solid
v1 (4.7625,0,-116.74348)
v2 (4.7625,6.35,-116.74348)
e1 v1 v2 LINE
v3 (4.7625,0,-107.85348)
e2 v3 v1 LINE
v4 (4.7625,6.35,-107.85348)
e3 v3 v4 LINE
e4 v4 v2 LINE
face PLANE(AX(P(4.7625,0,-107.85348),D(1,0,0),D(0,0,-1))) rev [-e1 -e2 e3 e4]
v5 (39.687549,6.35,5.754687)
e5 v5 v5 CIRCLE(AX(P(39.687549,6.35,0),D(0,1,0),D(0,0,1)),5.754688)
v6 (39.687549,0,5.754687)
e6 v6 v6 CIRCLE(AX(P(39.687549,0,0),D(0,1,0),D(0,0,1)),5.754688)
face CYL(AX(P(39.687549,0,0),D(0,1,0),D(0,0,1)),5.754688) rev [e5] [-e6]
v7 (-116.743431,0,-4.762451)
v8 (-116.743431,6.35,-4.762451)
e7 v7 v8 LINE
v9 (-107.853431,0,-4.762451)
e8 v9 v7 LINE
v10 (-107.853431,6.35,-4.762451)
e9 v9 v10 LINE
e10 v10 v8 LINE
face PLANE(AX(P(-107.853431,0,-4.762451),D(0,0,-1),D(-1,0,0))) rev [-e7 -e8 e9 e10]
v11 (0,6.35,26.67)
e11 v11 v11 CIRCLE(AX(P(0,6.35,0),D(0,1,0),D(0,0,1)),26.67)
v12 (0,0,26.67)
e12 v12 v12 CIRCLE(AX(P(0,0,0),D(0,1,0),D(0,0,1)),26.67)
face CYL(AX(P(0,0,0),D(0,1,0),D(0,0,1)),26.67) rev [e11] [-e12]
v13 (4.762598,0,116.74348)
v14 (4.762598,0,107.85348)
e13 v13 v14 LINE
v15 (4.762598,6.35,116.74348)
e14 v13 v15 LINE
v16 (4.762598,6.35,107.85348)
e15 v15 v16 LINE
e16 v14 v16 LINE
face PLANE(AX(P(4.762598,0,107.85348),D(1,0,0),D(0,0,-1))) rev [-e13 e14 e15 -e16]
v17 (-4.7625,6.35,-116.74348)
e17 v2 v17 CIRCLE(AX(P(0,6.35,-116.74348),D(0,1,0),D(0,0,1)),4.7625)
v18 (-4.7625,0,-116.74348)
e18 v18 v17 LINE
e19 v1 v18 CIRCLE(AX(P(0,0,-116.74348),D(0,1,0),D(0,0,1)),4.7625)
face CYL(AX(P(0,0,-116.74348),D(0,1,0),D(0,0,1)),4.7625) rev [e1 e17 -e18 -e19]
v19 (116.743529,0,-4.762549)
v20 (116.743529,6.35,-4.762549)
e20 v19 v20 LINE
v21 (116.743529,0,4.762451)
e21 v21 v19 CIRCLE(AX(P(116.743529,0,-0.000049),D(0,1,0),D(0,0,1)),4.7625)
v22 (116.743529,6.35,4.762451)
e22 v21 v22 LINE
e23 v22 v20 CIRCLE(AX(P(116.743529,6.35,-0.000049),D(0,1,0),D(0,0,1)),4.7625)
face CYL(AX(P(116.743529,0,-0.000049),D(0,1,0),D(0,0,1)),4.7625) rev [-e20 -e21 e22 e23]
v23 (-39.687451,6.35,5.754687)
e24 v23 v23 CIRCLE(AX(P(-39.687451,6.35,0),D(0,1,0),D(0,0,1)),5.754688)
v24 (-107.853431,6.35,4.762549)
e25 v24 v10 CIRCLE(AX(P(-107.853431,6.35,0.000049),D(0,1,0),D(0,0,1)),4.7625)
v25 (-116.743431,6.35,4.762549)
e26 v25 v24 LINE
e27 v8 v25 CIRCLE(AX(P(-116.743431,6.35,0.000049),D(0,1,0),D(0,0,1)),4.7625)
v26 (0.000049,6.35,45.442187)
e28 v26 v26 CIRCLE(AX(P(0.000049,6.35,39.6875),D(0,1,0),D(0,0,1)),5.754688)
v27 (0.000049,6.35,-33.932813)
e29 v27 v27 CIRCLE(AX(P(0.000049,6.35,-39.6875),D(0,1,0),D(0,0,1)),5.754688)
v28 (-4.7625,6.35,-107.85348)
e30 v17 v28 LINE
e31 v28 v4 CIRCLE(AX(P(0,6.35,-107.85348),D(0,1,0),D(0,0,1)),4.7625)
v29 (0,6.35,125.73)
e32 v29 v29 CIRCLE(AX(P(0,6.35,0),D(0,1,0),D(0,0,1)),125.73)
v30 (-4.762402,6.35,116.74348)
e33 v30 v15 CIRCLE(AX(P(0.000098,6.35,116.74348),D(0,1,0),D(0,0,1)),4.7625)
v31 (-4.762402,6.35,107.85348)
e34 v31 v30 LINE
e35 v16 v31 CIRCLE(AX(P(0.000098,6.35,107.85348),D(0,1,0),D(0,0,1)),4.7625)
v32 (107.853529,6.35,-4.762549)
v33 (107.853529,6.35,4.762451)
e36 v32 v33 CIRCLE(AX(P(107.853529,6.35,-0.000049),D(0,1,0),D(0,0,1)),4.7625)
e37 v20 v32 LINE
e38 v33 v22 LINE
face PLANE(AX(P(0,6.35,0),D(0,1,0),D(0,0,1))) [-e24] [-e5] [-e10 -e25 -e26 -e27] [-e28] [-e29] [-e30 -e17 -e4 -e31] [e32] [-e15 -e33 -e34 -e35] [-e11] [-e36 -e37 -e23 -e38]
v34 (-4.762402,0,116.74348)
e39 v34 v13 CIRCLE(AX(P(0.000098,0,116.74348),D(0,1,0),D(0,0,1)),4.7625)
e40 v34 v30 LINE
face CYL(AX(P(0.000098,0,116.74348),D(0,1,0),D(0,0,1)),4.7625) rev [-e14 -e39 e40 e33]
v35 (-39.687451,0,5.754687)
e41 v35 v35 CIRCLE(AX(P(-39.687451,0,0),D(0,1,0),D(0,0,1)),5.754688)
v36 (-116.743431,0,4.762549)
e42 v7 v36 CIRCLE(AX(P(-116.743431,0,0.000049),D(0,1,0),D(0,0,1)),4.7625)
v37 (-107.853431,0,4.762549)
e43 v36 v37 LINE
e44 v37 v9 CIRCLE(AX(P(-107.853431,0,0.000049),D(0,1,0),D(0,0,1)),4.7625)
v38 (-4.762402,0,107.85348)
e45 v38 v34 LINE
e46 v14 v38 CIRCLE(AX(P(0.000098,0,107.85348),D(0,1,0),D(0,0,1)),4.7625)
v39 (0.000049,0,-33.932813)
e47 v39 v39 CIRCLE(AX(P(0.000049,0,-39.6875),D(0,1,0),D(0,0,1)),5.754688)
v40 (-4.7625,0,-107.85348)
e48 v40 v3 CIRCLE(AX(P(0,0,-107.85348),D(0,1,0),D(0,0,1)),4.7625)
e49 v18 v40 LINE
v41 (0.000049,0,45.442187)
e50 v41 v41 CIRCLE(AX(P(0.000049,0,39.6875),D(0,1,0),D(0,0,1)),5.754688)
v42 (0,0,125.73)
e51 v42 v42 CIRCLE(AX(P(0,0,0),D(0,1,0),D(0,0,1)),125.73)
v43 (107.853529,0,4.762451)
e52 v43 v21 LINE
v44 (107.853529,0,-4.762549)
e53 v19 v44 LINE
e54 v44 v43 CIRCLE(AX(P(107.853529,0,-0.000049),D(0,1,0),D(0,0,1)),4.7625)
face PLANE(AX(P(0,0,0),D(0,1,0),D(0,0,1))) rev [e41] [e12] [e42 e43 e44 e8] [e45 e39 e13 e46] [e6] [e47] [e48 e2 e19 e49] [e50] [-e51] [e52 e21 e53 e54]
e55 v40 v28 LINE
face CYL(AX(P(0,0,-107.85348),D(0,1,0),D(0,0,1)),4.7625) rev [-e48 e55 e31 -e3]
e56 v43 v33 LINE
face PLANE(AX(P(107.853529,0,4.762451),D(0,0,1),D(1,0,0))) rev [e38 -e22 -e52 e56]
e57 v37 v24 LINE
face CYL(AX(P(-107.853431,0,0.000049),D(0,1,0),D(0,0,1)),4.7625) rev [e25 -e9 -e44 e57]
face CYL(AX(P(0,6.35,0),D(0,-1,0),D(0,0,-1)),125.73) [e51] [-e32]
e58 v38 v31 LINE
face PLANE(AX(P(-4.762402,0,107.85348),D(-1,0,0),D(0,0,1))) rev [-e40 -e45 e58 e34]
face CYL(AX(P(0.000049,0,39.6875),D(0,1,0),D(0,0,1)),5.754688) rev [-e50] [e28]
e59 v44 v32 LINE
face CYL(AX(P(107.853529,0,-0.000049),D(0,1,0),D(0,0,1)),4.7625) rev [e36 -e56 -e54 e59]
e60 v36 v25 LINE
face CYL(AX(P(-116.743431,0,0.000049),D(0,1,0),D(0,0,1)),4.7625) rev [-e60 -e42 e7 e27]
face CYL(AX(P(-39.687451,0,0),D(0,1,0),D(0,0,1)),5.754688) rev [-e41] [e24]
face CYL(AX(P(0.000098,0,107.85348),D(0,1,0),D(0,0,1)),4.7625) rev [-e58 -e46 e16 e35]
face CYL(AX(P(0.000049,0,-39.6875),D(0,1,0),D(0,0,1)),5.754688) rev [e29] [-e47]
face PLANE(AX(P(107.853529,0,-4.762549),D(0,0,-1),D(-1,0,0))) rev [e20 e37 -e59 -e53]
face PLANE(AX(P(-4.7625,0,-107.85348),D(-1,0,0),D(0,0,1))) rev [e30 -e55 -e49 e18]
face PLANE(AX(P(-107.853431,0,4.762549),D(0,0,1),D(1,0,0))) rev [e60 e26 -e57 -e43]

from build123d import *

# Parameters (mm, degrees)
SKETCH2_R           = 125.73
BOSS_EXTRUDE1_DEPTH = 6.35
SKETCH3_R           = 5.7546875
SKETCH3_R_2         = 26.67
CUT_EXTRUDE1_DEPTH  = 6.35


with BuildPart() as part:
    # Sketch2 → Boss-Extrude1 (new body)
    with BuildSketch(Plane(origin=(0, 0, 0), x_dir=(1, 0, 0), z_dir=(0, 1, 0))):
        with Locations(Location((0, 0, 0), (0, 0, 270))):
            Circle(SKETCH2_R)
    extrude(amount=BOSS_EXTRUDE1_DEPTH)

    # Sketch3 → Cut-Extrude1 (cut)
    with BuildSketch(Plane(origin=(0, 6.35, 0), x_dir=(1, 0, 0), z_dir=(0, 1, 0))):
        with Locations(Location((4.9245e-05, 39.6875, 0), (0, 0, 270))):
            Circle(SKETCH3_R)
        with Locations(Location((39.687549245, 0, 0), (0, 0, 270))):
            Circle(SKETCH3_R)
        with Locations(Location((4.9245e-05, -39.6875, 0), (0, 0, 270))):
            Circle(SKETCH3_R)
        with Locations(Location((-39.687450755, 0, 0), (0, 0, 270))):
            Circle(SKETCH3_R)
        with Locations(Location((0, 0, 0), (0, 0, 270))):
            Circle(SKETCH3_R_2)
        with BuildLine():
            Line((-4.7625, 107.85348), (-4.7625, 116.74348))
            ThreePointArc((-4.7625, 116.74348), (0, 121.50598), (4.7625, 116.74348))
            Line((4.7625, 116.74348), (4.7625, 107.85348))
            ThreePointArc((4.7625, 107.85348), (0, 103.09098), (-4.7625, 107.85348))
        make_face()
        with BuildLine():
            Line((107.853529245, 4.762549245), (116.743529245, 4.762549245))
            ThreePointArc((116.743529245, 4.762549245), (121.506029245, 4.9245e-05), (116.743529245, -4.762450755))
            Line((116.743529245, -4.762450755), (107.853529245, -4.762450755))
            ThreePointArc((107.853529245, -4.762450755), (103.091029245, 4.9245e-05), (107.853529245, 4.762549245))
        make_face()
        with BuildLine():
            Line((4.762598491, -107.85348), (4.762598491, -116.74348))
            ThreePointArc((4.762598491, -116.74348), (9.8491e-05, -121.50598), (-4.762401509, -116.74348))
            Line((-4.762401509, -116.74348), (-4.762401509, -107.85348))
            ThreePointArc((-4.762401509, -107.85348), (9.8491e-05, -103.09098), (4.762598491, -107.85348))
        make_face()
        with BuildLine():
            Line((-107.853430755, -4.762549245), (-116.743430755, -4.762549245))
            ThreePointArc((-116.743430755, -4.762549245), (-121.505930755, -4.9245e-05), (-116.743430755, 4.762450755))
            Line((-116.743430755, 4.762450755), (-107.853430755, 4.762450755))
            ThreePointArc((-107.853430755, 4.762450755), (-103.090930755, -4.9245e-05), (-107.853430755, -4.762549245))
        make_face()
    extrude(amount=-CUT_EXTRUDE1_DEPTH, mode=Mode.SUBTRACT)


solid = part.part
